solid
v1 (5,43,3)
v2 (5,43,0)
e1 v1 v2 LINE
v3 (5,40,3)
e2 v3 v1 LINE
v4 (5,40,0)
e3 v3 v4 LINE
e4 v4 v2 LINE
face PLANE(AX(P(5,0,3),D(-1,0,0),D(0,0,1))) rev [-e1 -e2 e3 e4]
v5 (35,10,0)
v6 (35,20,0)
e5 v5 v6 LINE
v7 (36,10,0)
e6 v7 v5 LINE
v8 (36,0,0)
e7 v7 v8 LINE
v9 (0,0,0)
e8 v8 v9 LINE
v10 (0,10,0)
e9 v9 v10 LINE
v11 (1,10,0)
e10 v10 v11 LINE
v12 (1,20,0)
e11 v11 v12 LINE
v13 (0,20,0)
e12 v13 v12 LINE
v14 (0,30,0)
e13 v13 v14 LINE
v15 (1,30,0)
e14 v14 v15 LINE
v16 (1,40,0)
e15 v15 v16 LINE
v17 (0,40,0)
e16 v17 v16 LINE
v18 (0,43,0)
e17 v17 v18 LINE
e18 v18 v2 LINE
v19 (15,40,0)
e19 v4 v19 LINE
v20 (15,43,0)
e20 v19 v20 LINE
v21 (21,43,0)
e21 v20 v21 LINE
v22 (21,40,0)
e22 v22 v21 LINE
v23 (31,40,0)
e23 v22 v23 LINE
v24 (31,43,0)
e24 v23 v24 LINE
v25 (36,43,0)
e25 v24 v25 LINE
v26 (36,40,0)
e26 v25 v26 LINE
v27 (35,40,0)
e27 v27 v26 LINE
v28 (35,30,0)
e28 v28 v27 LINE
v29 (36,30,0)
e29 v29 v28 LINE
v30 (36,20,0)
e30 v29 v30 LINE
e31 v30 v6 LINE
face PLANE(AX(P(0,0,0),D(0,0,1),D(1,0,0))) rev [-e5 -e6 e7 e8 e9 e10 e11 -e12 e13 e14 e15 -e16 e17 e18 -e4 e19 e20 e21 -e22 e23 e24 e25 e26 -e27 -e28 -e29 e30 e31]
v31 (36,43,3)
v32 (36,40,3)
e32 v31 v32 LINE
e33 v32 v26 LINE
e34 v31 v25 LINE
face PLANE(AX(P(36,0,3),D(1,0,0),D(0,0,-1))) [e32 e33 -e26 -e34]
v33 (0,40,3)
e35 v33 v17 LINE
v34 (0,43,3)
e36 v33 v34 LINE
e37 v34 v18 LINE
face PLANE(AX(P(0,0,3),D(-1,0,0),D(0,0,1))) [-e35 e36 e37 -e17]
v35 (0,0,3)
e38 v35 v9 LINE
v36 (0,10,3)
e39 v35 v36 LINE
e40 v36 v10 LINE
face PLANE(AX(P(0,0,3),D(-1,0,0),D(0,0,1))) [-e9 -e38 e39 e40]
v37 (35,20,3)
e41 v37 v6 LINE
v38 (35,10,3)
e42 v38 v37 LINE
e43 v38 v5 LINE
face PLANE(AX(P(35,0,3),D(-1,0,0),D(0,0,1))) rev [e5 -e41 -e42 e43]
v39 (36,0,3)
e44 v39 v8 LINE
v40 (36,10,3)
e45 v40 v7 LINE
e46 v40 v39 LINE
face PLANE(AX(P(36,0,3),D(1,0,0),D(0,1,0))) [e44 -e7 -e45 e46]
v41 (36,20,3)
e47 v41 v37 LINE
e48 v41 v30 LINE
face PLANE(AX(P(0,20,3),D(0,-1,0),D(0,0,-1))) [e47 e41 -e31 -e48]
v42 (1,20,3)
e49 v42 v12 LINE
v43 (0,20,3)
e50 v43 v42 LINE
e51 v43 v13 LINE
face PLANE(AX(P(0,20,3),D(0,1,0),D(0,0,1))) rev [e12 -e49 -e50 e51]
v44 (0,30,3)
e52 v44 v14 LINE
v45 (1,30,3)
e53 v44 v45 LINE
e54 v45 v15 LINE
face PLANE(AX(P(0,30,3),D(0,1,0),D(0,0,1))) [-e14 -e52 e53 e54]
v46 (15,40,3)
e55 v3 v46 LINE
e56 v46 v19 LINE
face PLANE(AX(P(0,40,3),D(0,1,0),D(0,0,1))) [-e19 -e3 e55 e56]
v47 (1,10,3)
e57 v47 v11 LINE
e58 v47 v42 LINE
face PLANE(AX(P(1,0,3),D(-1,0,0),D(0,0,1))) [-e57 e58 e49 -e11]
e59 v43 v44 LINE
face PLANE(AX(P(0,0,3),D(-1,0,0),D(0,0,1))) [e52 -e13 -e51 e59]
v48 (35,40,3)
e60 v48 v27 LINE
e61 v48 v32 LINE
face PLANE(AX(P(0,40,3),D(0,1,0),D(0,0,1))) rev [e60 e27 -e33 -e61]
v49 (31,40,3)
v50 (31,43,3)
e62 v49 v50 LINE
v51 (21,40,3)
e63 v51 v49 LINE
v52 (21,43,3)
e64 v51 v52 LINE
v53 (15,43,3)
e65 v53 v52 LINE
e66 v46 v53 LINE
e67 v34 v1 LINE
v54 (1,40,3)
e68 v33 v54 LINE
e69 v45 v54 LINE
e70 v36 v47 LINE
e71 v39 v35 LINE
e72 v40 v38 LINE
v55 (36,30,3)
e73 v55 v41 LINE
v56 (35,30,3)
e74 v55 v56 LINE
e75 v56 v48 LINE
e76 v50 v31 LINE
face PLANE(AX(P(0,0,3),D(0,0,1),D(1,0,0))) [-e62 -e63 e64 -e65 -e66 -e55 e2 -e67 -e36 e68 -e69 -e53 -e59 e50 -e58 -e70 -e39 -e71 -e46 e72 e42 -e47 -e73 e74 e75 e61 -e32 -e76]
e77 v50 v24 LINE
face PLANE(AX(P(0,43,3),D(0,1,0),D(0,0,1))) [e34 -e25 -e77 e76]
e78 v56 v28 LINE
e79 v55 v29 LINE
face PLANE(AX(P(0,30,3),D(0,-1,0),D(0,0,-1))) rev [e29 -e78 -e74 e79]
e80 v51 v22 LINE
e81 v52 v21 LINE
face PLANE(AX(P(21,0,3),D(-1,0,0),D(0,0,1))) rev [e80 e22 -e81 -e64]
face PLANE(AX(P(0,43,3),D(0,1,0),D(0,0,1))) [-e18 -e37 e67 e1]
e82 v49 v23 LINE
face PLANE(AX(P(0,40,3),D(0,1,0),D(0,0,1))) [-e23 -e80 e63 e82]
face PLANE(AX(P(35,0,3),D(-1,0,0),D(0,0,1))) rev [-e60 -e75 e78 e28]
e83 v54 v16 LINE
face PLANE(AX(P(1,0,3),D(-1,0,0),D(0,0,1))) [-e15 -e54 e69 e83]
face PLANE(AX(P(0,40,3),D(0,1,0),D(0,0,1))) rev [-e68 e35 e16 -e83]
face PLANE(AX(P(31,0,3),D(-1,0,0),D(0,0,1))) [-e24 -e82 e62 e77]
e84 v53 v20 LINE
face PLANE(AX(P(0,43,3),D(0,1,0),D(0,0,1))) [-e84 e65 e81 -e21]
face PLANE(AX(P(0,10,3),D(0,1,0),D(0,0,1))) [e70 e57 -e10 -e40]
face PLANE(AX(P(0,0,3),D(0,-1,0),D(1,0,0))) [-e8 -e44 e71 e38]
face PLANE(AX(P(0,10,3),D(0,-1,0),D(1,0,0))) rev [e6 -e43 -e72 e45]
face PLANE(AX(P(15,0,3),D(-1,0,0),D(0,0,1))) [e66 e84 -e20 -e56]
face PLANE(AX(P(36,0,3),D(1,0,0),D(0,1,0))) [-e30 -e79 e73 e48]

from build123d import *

# Parameters (mm, degrees)
SKETCH1_W           = 1
SKETCH1_H           = 10
BOSS_EXTRUDE1_DEPTH = 3


with BuildPart() as part:
    # Sketch1 → Boss-Extrude1 (new body)
    with BuildSketch(Plane.XY):
        Polygon((1, 10), (1, 0), (18, 0), (18, 40), (15, 40), (5, 40), (1, 40), (1, 30), (1, 20), align=None)
        Polygon((18, 40), (18, 0), (35, 0), (35, 10), (35, 20), (35, 30), (35, 40), (31, 40), (21, 40), align=None)
        with Locations((0.5, 5)):
            Rectangle(SKETCH1_W, SKETCH1_H)
        with Locations((0.5, 25)):
            Rectangle(SKETCH1_W, SKETCH1_H)
        with Locations((35.5, 25)):
            Rectangle(SKETCH1_W, SKETCH1_H)
        with Locations((35.5, 5)):
            Rectangle(SKETCH1_W, SKETCH1_H)
        Polygon((0, 43), (0, 40), (1, 40), (5, 40), (5, 43), align=None)
        Polygon((15, 40), (18, 40), (21, 40), (21, 43), (15, 43), align=None)
        Polygon((31, 43), (31, 40), (35, 40), (36, 40), (36, 43), align=None)
    extrude(amount=BOSS_EXTRUDE1_DEPTH)


solid = part.part
